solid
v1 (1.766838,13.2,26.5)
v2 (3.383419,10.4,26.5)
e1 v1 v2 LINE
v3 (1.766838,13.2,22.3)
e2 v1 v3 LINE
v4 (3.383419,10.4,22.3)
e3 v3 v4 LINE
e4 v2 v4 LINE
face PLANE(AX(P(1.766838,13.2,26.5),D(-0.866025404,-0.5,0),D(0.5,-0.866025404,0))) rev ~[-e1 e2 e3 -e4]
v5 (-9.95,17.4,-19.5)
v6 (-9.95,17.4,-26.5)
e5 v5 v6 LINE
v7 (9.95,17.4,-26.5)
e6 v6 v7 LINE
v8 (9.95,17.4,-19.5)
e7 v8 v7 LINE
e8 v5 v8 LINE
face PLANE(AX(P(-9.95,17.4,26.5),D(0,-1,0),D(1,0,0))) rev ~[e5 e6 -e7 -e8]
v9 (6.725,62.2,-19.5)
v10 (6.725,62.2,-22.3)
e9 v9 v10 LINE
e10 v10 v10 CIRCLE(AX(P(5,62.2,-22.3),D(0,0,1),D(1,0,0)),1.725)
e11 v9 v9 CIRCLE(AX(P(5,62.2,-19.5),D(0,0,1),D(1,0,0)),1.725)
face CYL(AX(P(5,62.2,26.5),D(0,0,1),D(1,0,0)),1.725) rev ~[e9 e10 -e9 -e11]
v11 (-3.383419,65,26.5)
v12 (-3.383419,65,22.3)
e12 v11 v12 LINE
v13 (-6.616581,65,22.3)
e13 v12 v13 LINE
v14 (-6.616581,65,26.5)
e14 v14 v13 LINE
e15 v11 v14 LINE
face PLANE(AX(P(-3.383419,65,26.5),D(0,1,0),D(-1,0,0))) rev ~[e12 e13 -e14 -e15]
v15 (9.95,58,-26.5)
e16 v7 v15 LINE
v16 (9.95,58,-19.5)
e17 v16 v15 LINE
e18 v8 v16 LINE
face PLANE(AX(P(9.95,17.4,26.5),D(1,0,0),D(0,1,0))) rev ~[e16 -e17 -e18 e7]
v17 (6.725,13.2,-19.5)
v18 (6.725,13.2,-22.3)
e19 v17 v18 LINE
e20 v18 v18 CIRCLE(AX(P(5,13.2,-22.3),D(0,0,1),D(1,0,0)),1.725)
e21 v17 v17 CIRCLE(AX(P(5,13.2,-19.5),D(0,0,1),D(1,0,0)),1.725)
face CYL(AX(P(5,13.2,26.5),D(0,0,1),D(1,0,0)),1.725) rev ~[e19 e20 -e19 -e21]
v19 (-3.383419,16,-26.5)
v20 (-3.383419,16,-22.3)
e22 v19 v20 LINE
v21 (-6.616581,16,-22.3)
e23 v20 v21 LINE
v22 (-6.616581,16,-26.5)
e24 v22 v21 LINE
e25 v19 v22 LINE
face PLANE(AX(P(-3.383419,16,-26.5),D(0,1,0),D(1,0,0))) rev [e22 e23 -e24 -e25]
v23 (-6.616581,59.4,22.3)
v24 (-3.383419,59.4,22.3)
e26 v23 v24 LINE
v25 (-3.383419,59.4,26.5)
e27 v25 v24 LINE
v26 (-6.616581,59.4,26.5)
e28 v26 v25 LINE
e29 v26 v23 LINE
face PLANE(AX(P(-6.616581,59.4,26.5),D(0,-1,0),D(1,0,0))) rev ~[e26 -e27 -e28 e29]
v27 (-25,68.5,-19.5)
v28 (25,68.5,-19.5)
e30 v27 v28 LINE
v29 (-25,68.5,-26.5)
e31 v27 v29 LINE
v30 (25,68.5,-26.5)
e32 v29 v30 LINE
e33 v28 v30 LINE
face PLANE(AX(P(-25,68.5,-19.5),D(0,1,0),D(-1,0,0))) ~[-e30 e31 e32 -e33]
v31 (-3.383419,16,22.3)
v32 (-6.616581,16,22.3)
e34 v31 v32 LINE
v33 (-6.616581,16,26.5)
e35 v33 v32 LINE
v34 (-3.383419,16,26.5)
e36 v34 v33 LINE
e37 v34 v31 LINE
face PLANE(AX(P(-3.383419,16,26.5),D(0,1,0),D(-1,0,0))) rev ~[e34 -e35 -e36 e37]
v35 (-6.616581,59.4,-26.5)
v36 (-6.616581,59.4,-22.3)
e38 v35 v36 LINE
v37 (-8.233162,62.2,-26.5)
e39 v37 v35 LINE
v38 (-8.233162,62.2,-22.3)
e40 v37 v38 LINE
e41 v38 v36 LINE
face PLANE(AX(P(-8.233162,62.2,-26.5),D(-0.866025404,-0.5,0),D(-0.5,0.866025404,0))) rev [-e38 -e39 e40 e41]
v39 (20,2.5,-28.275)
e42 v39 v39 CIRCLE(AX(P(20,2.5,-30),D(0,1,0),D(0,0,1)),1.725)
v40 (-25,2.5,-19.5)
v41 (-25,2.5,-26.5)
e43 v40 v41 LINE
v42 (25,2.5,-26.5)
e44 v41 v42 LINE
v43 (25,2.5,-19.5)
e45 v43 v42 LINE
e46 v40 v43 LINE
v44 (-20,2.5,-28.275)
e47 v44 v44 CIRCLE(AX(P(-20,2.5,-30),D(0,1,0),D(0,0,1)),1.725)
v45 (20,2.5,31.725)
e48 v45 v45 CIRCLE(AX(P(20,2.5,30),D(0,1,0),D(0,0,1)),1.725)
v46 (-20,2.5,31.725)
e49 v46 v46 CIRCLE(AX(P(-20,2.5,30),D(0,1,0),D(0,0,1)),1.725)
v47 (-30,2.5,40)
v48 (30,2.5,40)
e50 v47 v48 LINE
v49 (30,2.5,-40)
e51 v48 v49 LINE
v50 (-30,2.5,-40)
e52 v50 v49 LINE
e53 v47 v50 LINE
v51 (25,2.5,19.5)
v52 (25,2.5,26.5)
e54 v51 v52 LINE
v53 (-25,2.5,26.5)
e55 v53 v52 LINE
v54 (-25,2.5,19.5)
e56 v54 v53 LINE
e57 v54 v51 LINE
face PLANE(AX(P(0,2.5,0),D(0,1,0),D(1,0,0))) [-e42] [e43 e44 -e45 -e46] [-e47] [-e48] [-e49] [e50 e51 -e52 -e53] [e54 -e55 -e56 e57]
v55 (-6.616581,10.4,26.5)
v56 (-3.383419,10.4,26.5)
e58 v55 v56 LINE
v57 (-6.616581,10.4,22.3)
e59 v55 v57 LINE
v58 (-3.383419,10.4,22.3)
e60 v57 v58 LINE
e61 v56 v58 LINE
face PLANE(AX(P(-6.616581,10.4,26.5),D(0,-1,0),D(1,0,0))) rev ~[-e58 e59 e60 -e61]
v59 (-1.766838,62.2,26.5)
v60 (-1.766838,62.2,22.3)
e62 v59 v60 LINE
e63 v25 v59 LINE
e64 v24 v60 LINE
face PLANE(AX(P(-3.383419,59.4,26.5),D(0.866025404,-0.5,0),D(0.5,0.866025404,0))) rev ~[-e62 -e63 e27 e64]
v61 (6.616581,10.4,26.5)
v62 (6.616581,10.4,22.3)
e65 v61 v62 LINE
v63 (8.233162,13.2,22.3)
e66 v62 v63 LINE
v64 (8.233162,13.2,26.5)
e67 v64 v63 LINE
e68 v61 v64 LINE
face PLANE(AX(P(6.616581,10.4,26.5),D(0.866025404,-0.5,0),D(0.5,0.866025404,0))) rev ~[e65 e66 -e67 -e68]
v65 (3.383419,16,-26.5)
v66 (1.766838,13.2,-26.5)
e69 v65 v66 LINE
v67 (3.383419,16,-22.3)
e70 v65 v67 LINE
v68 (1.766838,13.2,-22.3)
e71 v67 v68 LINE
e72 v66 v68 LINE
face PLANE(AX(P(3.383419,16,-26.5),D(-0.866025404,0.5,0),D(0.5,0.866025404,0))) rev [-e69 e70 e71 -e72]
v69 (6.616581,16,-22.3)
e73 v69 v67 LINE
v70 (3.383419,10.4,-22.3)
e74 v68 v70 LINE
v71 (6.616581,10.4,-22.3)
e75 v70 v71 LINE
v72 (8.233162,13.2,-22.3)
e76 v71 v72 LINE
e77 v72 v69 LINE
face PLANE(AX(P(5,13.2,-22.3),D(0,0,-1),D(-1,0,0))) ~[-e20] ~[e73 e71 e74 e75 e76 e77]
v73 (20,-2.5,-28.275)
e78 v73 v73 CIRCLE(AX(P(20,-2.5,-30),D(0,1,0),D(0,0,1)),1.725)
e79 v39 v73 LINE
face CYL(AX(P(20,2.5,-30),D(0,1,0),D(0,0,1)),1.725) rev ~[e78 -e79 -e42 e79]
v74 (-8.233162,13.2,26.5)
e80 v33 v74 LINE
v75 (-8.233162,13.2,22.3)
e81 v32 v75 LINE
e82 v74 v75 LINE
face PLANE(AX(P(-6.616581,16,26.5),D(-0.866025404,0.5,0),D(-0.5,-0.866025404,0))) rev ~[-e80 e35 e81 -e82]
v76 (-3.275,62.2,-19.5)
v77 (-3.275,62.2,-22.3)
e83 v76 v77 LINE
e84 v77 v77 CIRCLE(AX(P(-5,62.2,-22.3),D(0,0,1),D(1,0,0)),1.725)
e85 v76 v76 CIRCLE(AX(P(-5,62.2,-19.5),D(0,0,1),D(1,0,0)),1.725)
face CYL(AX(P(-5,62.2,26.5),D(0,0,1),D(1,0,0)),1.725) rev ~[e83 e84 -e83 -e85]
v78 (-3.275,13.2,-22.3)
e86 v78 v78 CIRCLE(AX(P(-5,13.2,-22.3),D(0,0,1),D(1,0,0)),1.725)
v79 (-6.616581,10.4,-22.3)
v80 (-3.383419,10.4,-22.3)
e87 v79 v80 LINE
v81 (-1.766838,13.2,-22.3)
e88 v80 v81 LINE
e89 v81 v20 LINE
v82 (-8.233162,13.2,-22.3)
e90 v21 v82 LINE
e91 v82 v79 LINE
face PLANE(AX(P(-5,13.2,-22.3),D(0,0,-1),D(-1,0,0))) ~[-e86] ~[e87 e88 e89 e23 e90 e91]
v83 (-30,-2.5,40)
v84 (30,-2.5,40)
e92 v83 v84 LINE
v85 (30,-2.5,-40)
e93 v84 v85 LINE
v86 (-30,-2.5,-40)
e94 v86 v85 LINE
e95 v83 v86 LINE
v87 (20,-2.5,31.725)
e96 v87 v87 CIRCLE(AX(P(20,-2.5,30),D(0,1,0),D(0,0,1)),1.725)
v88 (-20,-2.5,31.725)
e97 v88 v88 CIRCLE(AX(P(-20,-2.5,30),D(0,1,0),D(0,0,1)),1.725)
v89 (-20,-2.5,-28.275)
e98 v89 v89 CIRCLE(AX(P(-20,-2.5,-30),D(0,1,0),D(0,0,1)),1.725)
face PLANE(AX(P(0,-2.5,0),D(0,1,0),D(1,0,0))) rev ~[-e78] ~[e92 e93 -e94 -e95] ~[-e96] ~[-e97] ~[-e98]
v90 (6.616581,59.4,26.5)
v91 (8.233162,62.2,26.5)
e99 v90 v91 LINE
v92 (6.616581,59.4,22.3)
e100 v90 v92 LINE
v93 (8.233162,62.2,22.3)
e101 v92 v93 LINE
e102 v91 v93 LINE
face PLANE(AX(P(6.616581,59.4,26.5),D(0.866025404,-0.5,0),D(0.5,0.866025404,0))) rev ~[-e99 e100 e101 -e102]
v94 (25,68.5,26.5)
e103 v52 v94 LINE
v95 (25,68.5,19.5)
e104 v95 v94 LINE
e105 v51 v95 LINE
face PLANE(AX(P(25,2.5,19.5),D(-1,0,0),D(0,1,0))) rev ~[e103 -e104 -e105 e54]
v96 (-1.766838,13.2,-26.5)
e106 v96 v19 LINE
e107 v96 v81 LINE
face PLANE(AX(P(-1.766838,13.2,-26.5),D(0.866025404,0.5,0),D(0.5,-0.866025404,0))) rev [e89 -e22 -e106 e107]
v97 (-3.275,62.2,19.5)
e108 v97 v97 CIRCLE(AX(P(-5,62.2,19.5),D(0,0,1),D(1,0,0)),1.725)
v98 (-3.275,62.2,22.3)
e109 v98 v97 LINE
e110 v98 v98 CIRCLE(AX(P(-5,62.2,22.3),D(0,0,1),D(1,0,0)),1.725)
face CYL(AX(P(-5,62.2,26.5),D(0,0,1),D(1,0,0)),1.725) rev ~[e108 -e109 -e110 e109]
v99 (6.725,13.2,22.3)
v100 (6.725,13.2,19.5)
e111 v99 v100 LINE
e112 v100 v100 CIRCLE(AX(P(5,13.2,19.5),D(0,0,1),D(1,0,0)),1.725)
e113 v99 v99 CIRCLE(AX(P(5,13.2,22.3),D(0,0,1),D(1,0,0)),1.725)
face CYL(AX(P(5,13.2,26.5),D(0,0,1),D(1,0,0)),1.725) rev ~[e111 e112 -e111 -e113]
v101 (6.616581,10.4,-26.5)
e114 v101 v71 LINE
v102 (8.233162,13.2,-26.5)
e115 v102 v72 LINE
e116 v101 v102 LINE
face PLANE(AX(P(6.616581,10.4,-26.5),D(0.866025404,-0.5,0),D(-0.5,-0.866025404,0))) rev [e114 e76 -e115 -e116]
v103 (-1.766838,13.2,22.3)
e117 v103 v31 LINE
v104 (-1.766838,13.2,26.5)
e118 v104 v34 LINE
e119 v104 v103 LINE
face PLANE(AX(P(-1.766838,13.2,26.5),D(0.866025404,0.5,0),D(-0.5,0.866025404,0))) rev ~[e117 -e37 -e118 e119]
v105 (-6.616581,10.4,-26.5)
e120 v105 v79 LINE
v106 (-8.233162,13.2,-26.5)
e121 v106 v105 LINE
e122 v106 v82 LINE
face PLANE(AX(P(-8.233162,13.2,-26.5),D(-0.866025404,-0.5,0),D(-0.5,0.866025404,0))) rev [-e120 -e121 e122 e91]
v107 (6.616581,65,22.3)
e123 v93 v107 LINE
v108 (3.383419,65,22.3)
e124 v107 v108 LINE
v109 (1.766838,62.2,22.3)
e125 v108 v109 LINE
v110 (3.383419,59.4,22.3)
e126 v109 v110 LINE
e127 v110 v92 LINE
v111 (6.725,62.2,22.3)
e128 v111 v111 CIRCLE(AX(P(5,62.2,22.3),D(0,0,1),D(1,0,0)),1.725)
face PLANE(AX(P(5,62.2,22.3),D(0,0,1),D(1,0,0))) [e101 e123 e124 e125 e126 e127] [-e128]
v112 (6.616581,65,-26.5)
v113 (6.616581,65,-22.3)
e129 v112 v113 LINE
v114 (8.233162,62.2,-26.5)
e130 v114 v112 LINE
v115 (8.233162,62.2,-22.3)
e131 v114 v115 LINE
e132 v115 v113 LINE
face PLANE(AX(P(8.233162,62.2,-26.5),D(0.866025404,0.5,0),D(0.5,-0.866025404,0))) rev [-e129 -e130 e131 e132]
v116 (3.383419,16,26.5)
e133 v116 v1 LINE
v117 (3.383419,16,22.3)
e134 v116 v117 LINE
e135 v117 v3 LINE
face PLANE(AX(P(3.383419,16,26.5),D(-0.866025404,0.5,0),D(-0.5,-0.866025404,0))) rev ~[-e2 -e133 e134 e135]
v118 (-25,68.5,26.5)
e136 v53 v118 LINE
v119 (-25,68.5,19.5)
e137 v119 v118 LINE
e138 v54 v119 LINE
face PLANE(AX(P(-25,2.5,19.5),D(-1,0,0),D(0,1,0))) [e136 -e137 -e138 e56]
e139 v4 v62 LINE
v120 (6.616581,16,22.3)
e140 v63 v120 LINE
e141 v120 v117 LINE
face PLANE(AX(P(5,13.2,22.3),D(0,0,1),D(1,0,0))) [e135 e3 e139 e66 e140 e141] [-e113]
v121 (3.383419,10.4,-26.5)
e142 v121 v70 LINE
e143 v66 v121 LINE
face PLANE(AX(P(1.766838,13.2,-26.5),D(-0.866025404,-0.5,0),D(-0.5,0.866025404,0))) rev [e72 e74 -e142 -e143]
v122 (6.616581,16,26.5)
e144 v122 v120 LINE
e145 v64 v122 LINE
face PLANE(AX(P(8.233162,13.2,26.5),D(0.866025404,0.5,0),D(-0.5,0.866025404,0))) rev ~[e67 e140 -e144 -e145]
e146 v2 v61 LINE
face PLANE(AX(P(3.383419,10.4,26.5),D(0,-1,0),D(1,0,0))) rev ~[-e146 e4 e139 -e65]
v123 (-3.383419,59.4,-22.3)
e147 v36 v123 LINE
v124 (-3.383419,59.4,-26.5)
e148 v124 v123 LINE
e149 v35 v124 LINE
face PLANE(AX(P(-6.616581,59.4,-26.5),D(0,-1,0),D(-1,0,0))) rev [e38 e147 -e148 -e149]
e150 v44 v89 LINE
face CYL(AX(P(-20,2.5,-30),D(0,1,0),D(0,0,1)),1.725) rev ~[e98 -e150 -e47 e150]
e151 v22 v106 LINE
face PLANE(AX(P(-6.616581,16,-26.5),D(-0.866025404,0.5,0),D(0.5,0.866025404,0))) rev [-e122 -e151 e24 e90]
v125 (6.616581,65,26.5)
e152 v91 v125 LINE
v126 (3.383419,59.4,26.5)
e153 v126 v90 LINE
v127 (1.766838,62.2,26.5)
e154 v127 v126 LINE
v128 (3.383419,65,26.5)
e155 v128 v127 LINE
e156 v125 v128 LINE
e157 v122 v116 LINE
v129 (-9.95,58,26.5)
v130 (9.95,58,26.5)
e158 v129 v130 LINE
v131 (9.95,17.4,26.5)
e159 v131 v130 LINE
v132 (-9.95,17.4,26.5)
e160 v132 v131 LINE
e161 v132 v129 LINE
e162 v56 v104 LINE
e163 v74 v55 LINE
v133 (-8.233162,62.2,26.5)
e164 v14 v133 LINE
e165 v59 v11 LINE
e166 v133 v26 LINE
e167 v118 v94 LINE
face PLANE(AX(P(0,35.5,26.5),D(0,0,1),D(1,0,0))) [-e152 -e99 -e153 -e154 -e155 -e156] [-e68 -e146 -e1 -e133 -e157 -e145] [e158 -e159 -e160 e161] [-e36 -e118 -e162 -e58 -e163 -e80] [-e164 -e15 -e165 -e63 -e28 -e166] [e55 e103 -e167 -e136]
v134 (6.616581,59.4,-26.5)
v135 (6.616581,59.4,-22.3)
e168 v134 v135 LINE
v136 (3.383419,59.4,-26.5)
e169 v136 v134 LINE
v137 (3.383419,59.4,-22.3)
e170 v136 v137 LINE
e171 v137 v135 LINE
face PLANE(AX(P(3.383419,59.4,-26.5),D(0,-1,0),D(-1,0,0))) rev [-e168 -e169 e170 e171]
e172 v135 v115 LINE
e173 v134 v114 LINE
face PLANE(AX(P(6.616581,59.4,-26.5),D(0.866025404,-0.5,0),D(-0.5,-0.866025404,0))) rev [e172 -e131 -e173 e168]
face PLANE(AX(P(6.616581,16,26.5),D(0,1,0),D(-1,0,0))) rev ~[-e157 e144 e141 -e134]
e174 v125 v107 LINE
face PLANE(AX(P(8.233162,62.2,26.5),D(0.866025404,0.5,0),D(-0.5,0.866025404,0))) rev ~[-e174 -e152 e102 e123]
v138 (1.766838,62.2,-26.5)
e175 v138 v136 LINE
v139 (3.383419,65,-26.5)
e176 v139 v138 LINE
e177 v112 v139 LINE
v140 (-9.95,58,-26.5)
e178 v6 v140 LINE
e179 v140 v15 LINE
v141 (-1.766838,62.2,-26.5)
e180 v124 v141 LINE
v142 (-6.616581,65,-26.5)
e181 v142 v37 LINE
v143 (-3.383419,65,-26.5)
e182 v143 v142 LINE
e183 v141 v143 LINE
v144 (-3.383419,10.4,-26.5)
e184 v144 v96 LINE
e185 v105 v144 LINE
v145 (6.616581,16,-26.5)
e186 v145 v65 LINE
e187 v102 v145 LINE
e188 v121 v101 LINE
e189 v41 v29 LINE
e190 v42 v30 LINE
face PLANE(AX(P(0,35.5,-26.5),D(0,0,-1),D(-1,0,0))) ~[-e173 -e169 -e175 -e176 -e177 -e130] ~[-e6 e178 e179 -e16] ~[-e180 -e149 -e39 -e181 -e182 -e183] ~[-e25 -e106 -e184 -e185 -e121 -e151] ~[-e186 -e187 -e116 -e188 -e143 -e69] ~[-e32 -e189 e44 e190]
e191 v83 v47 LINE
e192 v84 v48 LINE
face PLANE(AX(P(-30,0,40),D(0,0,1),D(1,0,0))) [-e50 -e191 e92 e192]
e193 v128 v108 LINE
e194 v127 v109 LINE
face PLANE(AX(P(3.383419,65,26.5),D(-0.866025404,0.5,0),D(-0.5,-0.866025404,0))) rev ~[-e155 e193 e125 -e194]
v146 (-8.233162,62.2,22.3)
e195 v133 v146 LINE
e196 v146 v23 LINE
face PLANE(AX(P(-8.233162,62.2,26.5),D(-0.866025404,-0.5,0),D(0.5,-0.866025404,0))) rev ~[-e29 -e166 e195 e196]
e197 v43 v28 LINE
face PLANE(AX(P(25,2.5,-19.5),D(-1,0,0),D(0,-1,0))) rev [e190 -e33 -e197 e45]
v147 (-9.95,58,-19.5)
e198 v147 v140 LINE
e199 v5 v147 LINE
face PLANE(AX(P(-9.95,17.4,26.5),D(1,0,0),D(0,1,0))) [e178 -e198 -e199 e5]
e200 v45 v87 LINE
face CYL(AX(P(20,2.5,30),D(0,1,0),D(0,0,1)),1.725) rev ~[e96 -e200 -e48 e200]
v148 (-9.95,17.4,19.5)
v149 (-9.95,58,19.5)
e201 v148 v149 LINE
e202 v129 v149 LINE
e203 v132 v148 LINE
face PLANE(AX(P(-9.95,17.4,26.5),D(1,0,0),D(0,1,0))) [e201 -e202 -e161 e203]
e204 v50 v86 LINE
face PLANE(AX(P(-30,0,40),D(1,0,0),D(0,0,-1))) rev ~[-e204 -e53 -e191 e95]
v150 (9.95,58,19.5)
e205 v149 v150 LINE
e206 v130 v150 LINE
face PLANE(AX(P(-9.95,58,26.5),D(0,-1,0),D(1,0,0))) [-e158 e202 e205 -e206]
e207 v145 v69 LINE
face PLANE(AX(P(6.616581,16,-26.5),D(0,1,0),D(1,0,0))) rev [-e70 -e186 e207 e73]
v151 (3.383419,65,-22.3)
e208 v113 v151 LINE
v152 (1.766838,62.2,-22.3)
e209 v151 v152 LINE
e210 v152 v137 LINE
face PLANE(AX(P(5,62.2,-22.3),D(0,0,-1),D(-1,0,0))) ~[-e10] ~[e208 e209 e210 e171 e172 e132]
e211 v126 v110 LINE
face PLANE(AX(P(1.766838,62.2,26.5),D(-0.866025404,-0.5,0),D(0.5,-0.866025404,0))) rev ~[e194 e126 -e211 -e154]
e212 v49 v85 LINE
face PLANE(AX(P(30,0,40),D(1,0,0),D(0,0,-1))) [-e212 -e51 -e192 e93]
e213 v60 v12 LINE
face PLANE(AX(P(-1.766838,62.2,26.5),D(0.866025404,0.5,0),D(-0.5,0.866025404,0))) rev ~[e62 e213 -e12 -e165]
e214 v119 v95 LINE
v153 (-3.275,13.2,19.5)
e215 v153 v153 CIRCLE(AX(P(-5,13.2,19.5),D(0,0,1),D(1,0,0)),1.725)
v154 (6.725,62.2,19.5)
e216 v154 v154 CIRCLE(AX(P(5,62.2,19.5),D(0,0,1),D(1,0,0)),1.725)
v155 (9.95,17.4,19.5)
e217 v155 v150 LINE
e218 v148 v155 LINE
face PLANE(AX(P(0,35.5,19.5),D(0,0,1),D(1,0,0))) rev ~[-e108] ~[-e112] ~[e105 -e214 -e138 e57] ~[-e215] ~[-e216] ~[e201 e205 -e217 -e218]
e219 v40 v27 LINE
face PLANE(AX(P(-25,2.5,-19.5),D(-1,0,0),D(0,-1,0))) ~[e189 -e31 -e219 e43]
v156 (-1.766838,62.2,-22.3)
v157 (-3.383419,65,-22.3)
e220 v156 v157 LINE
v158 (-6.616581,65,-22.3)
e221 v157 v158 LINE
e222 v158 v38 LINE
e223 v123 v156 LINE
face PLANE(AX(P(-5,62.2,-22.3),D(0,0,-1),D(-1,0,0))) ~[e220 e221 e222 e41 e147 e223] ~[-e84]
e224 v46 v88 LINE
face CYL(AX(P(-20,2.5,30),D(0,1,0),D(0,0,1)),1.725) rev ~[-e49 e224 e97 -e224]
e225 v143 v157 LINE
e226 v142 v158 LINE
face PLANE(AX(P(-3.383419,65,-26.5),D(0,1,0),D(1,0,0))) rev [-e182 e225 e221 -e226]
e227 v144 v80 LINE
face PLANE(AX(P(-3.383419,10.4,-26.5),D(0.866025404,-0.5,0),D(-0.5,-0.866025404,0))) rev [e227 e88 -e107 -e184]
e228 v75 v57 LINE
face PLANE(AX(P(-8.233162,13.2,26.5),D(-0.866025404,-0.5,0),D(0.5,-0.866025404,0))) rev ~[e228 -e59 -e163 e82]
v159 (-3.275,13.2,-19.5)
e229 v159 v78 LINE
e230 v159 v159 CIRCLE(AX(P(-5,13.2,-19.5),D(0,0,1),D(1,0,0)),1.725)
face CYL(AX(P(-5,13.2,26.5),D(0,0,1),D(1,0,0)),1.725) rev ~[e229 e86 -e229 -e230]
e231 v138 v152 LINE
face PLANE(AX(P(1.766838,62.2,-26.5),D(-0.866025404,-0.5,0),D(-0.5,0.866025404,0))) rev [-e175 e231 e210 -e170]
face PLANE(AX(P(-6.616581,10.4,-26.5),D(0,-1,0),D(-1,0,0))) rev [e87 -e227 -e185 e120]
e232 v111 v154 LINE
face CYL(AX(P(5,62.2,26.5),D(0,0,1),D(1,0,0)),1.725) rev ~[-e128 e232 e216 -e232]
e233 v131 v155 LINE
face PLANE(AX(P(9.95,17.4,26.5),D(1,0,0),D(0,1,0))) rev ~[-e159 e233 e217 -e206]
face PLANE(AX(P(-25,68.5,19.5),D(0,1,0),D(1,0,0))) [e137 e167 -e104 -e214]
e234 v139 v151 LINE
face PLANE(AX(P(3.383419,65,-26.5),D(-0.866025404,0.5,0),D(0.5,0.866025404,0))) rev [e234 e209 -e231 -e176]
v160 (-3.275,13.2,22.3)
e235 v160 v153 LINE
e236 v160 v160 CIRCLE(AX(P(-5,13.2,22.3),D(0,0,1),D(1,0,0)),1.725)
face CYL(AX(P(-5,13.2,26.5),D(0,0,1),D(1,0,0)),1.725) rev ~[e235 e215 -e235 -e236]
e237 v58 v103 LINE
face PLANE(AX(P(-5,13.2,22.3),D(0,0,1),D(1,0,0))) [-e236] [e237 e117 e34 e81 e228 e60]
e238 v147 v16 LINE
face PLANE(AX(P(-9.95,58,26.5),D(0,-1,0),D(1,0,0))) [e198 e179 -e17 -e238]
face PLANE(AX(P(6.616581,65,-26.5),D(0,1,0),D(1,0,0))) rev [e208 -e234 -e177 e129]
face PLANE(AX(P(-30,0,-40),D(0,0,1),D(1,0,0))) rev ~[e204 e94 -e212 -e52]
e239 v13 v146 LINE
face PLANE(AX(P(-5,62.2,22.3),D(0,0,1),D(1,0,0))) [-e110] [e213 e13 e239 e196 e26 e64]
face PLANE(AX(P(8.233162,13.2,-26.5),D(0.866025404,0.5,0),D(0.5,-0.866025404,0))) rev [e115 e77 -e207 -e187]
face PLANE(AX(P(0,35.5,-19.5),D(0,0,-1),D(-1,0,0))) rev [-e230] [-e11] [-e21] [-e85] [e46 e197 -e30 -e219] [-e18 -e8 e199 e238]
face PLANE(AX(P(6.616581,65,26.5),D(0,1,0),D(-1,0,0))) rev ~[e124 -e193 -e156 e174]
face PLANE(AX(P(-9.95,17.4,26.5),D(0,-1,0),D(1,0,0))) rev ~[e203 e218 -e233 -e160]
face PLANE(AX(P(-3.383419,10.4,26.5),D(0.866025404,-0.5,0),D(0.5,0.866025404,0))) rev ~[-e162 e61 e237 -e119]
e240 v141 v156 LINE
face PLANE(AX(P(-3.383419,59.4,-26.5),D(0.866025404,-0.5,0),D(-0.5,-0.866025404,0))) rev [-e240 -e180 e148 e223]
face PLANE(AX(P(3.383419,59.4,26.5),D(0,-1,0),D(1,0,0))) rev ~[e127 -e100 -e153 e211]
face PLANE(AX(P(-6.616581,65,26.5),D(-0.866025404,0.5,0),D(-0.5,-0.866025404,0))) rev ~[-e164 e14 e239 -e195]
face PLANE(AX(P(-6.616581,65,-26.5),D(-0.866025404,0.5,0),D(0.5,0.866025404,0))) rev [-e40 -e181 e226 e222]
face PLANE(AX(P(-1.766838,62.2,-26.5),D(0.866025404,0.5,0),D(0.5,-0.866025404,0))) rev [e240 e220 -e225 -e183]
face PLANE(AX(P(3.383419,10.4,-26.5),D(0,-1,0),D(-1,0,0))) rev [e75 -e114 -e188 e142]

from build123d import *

# Parameters (mm, degrees)
SKETCH1_W           = 60
SKETCH1_H           = 80
BOSS_EXTRUDE1_DEPTH = 2.5
SKETCH2_R           = 1.725
CUT_EXTRUDE1_DEPTH  = 51.249378106
SKETCH3_W           = 50
SKETCH3_H           = 66
BOSS_EXTRUDE2_DEPTH = 7
SKETCH4_W           = 19.9
SKETCH4_H           = 40.6
CUT_EXTRUDE2_DEPTH  = 101.072473738
SKETCH5_R           = 1.725
CUT_EXTRUDE3_DEPTH  = 101.072473738
CUT_EXTRUDE4_DEPTH  = 4.2


with BuildPart() as part:
    # Sketch1 → Boss-Extrude1 (new, symmetric)
    with BuildSketch(Plane(origin=(0, 0, 0), x_dir=(1, 0, 0), z_dir=(0, 1, 0))):
        Rectangle(SKETCH1_W, SKETCH1_H)
    extrude(amount=BOSS_EXTRUDE1_DEPTH, both=True)

    # Sketch2 → Cut-Extrude1 (cut, through all)
    with BuildSketch(Plane(origin=(0, 2.5, 0), x_dir=(1, 0, 0), z_dir=(0, 1, 0))):
        with Locations(Location((-20, 30, 0), (0, 0, 270))):
            Circle(SKETCH2_R)
        with Locations(Location((20, 30, 0), (0, 0, 270))):
            Circle(SKETCH2_R)
        with Locations(Location((20, -30, 0), (0, 0, 270))):
            Circle(SKETCH2_R)
        with Locations(Location((-20, -30, 0), (0, 0, 270))):
            Circle(SKETCH2_R)
    extrude(amount=-CUT_EXTRUDE1_DEPTH, mode=Mode.SUBTRACT)

    # Sketch3 → Boss-Extrude2 (add)
    with BuildSketch(Plane.XY.offset(19.5)):
        with Locations((0, 35.5)):
            Rectangle(SKETCH3_W, SKETCH3_H)
    boss_extrude2 = extrude(amount=BOSS_EXTRUDE2_DEPTH)

    # Mirror1: Boss-Extrude2 across plane
    add(boss_extrude2.mirror(Plane.XY))

    # Sketch4 → Cut-Extrude2 (cut, through all)
    with BuildSketch(Plane.XY.offset(26.5)):
        with Locations((0, 37.7)):
            Rectangle(SKETCH4_W, SKETCH4_H)
    extrude(amount=-CUT_EXTRUDE2_DEPTH, mode=Mode.SUBTRACT)

    # Sketch5 → Cut-Extrude3 (cut, through all)
    with BuildSketch(Plane.XY.offset(26.5)):
        with Locations((-5, 62.2)):
            Circle(SKETCH5_R)
        with Locations((5, 62.2)):
            Circle(SKETCH5_R)
        with Locations((-5, 13.2)):
            Circle(SKETCH5_R)
        with Locations((5, 13.2)):
            Circle(SKETCH5_R)
    extrude(amount=-CUT_EXTRUDE3_DEPTH, mode=Mode.SUBTRACT)

    # Sketch6 → Cut-Extrude4 (cut)
    with BuildSketch(Plane.XY.offset(26.5)):
        Polygon((-1.766838493, 62.2), (-3.383419246, 65), (-6.616580754, 65), (-8.233161507, 62.2), (-6.616580754, 59.4), (-3.383419246, 59.4), align=None)
        Polygon((1.766838493, 62.2), (3.383419246, 59.4), (6.616580754, 59.4), (8.233161507, 62.2), (6.616580754, 65), (3.383419246, 65), align=None)
        Polygon((-1.766838493, 13.2), (-3.383419246, 16), (-6.616580754, 16), (-8.233161507, 13.2), (-6.616580754, 10.4), (-3.383419246, 10.4), align=None)
        Polygon((8.233161507, 13.2), (6.616580754, 16), (3.383419246, 16), (1.766838493, 13.2), (3.383419246, 10.4), (6.616580754, 10.4), align=None)
    cut_extrude4 = extrude(amount=-CUT_EXTRUDE4_DEPTH, mode=Mode.SUBTRACT)

    # Mirror3: Cut-Extrude4 across plane
    add(cut_extrude4.mirror(Plane.XY), mode=Mode.SUBTRACT)


solid = part.part
